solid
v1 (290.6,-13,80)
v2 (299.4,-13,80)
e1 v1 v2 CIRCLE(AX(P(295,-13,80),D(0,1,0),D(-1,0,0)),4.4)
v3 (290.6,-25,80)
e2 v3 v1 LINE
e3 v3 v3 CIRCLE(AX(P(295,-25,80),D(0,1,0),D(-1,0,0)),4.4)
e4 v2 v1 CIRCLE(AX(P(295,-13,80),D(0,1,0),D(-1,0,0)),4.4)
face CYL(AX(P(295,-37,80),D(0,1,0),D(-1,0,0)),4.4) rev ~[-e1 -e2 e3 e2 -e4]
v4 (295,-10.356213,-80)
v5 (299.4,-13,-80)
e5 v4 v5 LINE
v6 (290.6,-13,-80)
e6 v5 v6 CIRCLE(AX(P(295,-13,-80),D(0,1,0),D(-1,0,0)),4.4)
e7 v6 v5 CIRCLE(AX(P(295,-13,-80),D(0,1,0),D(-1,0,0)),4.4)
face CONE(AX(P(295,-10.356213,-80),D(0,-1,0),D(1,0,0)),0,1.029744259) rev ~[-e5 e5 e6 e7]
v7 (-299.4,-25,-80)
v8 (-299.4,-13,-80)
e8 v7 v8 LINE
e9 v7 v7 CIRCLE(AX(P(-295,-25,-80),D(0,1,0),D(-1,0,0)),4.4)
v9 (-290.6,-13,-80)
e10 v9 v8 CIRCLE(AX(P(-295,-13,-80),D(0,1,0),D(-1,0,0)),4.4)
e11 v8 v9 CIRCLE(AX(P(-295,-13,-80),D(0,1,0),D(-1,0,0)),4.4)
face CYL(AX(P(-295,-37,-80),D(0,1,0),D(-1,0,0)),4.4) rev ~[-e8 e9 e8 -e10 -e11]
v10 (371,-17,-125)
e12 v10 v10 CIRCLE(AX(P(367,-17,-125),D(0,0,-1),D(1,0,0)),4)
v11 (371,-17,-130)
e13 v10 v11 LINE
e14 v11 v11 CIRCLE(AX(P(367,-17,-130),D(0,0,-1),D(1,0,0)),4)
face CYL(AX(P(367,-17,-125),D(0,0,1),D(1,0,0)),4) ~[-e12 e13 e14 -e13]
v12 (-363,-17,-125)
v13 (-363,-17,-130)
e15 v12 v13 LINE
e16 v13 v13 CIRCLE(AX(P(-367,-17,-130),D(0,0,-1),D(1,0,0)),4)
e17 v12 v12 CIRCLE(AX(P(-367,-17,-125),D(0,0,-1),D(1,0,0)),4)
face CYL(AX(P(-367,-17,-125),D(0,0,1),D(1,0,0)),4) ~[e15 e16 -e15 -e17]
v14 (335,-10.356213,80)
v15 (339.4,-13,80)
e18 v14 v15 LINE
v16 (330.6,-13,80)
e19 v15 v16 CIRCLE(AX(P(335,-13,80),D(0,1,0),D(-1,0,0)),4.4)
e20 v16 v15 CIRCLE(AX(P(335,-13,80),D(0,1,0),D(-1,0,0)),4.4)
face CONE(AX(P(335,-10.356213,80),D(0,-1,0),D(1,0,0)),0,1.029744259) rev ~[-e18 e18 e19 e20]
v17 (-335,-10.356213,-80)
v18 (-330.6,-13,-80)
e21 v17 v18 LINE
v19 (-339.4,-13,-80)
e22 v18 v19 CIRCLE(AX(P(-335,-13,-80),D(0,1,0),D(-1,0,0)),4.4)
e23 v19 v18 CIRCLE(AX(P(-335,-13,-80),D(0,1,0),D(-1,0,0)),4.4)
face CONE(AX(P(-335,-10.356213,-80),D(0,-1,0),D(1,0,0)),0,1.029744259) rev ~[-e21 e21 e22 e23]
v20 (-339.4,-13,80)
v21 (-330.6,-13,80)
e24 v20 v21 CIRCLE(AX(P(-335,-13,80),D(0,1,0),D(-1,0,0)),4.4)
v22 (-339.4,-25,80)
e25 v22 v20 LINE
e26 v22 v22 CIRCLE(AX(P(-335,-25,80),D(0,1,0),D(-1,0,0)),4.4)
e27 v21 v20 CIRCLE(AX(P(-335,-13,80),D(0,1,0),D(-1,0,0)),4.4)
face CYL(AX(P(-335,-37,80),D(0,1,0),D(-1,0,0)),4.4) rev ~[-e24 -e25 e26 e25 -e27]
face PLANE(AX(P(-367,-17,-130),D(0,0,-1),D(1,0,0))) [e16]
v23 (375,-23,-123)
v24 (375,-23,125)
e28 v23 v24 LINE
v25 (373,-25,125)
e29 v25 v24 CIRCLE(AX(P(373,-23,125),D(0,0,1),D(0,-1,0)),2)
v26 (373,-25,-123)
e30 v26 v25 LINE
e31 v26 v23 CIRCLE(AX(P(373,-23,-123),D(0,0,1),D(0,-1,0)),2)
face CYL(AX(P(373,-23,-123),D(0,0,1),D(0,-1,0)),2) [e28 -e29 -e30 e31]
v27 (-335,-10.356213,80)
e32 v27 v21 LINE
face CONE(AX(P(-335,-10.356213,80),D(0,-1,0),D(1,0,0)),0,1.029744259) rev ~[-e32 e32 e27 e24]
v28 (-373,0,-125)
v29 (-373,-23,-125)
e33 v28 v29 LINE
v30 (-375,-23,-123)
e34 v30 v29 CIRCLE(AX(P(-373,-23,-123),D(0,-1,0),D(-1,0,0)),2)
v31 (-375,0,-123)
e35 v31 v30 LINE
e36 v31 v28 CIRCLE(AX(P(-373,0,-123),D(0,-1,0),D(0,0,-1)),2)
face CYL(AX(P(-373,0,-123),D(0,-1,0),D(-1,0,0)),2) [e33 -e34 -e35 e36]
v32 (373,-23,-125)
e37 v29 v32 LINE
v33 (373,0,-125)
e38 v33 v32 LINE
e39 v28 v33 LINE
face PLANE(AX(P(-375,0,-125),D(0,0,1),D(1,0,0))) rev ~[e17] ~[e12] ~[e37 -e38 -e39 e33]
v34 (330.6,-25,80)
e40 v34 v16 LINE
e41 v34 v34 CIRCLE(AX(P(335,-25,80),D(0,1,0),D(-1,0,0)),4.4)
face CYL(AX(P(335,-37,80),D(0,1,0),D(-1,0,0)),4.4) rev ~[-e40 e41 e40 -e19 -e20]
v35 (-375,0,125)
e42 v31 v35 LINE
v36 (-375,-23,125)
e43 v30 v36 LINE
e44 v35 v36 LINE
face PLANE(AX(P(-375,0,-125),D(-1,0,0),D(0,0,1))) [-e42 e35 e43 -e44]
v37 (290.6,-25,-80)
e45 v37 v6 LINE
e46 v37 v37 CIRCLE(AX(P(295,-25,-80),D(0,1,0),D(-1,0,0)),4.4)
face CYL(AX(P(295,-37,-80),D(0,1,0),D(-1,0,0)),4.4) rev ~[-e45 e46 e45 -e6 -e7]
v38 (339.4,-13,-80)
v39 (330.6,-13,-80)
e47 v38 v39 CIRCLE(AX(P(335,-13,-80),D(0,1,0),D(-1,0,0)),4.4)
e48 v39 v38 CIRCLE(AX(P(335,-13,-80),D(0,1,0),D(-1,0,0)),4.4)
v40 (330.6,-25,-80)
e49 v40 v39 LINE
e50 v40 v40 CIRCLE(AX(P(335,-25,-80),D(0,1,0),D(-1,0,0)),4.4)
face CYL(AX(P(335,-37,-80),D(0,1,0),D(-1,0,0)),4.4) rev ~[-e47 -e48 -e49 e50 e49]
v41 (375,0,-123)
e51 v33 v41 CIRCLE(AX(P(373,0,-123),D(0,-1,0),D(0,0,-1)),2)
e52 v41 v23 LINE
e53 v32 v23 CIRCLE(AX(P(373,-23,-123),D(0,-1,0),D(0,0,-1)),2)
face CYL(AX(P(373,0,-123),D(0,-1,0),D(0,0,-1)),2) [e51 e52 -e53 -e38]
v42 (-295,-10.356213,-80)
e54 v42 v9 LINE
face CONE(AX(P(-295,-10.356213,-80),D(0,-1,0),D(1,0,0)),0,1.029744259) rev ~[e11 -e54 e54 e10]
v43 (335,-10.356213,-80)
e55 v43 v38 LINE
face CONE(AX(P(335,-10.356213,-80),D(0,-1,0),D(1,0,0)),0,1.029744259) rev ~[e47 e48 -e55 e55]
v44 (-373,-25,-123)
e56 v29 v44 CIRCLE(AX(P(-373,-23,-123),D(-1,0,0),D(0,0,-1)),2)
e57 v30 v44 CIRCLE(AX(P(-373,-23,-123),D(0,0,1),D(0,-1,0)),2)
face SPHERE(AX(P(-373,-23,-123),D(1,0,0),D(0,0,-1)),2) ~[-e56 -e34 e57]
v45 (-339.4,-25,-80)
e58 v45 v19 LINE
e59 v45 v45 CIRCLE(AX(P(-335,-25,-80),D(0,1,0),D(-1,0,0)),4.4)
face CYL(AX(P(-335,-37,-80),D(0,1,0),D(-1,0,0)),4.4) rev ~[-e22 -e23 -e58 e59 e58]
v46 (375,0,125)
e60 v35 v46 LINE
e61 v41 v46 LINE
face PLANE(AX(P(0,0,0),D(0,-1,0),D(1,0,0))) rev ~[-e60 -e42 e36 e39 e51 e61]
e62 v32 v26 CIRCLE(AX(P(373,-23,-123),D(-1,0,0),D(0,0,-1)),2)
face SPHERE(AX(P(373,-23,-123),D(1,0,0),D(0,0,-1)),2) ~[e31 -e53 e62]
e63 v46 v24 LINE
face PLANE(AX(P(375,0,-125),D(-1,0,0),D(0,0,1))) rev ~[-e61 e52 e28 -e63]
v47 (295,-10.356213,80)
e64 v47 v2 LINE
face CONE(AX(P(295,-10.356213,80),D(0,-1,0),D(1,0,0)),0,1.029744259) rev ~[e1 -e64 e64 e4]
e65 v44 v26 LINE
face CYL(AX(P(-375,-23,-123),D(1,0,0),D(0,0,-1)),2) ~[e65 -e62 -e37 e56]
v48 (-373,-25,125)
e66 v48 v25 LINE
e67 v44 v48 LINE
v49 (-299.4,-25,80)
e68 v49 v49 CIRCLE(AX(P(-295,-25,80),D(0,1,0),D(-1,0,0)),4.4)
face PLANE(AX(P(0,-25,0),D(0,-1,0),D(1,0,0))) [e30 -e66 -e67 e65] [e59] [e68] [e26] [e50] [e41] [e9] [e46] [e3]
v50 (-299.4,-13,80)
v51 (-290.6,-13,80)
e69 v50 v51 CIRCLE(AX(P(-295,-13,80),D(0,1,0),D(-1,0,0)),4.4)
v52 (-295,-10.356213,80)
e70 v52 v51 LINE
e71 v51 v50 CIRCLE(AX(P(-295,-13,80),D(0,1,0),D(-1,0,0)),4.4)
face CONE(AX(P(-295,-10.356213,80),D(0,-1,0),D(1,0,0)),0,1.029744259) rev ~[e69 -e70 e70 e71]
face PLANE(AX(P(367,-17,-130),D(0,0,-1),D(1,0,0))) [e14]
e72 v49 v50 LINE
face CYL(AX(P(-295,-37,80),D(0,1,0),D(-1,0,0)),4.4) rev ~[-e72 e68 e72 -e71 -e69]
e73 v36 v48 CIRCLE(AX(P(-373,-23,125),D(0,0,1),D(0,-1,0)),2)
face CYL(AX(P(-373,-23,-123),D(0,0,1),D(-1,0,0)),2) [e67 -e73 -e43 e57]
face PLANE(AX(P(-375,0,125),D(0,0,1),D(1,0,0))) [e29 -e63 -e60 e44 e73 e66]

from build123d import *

# Parameters (mm, degrees)
F0_W     = 750
F0_H     = 250
F1_DEPTH = 25
F2_R     = 4
F3_DEPTH = 5
F4_R     = 2
F5_R     = 2
F7_D     = 8.8
F7_DEPTH = 12
F7_TIP   = 2.6437867237


with BuildPart() as f1:
    # F0 (on Front) → F1 (new body)
    with BuildSketch(Plane.XZ):
        Rectangle(F0_W, F0_H)
    extrude(amount=F1_DEPTH)

    # F2 (on face) → F3 (join)
    with BuildSketch(Plane(origin=(0, 0, -125), x_dir=(1, 0, 0), z_dir=(0, 0, -1))):
        with Locations((-367, 17)):
            Circle(F2_R)
        with Locations((367, 17)):
            Circle(F2_R)
    extrude(amount=F3_DEPTH)

    # F4
    f4_edges = [f1.edges().sort_by_distance(p)[0] for p in [
        (0, -25, -125),
    ]]
    fillet(f4_edges, radius=F4_R)

    # F5
    f5_edges = [f1.edges().sort_by_distance(p)[0] for p in [
        (-375, -11.5, -125),
        (375, -11.5, -125),
    ]]
    fillet(f5_edges, radius=F5_R)

    # F7
    with Locations(Plane.XZ.offset(25)):
        with Locations((-335, 80), (-295, 80), (-295, -80), (-335, -80), (295, 80), (335, 80), (295, -80), (335, -80)):
            Hole(F7_D / 2, depth=F7_DEPTH)
            with Locations((0, 0, -(F7_DEPTH + F7_TIP / 2))):  # 118° drill point
                Cone(0, F7_D / 2, F7_TIP, mode=Mode.SUBTRACT)


solid = f1.part
